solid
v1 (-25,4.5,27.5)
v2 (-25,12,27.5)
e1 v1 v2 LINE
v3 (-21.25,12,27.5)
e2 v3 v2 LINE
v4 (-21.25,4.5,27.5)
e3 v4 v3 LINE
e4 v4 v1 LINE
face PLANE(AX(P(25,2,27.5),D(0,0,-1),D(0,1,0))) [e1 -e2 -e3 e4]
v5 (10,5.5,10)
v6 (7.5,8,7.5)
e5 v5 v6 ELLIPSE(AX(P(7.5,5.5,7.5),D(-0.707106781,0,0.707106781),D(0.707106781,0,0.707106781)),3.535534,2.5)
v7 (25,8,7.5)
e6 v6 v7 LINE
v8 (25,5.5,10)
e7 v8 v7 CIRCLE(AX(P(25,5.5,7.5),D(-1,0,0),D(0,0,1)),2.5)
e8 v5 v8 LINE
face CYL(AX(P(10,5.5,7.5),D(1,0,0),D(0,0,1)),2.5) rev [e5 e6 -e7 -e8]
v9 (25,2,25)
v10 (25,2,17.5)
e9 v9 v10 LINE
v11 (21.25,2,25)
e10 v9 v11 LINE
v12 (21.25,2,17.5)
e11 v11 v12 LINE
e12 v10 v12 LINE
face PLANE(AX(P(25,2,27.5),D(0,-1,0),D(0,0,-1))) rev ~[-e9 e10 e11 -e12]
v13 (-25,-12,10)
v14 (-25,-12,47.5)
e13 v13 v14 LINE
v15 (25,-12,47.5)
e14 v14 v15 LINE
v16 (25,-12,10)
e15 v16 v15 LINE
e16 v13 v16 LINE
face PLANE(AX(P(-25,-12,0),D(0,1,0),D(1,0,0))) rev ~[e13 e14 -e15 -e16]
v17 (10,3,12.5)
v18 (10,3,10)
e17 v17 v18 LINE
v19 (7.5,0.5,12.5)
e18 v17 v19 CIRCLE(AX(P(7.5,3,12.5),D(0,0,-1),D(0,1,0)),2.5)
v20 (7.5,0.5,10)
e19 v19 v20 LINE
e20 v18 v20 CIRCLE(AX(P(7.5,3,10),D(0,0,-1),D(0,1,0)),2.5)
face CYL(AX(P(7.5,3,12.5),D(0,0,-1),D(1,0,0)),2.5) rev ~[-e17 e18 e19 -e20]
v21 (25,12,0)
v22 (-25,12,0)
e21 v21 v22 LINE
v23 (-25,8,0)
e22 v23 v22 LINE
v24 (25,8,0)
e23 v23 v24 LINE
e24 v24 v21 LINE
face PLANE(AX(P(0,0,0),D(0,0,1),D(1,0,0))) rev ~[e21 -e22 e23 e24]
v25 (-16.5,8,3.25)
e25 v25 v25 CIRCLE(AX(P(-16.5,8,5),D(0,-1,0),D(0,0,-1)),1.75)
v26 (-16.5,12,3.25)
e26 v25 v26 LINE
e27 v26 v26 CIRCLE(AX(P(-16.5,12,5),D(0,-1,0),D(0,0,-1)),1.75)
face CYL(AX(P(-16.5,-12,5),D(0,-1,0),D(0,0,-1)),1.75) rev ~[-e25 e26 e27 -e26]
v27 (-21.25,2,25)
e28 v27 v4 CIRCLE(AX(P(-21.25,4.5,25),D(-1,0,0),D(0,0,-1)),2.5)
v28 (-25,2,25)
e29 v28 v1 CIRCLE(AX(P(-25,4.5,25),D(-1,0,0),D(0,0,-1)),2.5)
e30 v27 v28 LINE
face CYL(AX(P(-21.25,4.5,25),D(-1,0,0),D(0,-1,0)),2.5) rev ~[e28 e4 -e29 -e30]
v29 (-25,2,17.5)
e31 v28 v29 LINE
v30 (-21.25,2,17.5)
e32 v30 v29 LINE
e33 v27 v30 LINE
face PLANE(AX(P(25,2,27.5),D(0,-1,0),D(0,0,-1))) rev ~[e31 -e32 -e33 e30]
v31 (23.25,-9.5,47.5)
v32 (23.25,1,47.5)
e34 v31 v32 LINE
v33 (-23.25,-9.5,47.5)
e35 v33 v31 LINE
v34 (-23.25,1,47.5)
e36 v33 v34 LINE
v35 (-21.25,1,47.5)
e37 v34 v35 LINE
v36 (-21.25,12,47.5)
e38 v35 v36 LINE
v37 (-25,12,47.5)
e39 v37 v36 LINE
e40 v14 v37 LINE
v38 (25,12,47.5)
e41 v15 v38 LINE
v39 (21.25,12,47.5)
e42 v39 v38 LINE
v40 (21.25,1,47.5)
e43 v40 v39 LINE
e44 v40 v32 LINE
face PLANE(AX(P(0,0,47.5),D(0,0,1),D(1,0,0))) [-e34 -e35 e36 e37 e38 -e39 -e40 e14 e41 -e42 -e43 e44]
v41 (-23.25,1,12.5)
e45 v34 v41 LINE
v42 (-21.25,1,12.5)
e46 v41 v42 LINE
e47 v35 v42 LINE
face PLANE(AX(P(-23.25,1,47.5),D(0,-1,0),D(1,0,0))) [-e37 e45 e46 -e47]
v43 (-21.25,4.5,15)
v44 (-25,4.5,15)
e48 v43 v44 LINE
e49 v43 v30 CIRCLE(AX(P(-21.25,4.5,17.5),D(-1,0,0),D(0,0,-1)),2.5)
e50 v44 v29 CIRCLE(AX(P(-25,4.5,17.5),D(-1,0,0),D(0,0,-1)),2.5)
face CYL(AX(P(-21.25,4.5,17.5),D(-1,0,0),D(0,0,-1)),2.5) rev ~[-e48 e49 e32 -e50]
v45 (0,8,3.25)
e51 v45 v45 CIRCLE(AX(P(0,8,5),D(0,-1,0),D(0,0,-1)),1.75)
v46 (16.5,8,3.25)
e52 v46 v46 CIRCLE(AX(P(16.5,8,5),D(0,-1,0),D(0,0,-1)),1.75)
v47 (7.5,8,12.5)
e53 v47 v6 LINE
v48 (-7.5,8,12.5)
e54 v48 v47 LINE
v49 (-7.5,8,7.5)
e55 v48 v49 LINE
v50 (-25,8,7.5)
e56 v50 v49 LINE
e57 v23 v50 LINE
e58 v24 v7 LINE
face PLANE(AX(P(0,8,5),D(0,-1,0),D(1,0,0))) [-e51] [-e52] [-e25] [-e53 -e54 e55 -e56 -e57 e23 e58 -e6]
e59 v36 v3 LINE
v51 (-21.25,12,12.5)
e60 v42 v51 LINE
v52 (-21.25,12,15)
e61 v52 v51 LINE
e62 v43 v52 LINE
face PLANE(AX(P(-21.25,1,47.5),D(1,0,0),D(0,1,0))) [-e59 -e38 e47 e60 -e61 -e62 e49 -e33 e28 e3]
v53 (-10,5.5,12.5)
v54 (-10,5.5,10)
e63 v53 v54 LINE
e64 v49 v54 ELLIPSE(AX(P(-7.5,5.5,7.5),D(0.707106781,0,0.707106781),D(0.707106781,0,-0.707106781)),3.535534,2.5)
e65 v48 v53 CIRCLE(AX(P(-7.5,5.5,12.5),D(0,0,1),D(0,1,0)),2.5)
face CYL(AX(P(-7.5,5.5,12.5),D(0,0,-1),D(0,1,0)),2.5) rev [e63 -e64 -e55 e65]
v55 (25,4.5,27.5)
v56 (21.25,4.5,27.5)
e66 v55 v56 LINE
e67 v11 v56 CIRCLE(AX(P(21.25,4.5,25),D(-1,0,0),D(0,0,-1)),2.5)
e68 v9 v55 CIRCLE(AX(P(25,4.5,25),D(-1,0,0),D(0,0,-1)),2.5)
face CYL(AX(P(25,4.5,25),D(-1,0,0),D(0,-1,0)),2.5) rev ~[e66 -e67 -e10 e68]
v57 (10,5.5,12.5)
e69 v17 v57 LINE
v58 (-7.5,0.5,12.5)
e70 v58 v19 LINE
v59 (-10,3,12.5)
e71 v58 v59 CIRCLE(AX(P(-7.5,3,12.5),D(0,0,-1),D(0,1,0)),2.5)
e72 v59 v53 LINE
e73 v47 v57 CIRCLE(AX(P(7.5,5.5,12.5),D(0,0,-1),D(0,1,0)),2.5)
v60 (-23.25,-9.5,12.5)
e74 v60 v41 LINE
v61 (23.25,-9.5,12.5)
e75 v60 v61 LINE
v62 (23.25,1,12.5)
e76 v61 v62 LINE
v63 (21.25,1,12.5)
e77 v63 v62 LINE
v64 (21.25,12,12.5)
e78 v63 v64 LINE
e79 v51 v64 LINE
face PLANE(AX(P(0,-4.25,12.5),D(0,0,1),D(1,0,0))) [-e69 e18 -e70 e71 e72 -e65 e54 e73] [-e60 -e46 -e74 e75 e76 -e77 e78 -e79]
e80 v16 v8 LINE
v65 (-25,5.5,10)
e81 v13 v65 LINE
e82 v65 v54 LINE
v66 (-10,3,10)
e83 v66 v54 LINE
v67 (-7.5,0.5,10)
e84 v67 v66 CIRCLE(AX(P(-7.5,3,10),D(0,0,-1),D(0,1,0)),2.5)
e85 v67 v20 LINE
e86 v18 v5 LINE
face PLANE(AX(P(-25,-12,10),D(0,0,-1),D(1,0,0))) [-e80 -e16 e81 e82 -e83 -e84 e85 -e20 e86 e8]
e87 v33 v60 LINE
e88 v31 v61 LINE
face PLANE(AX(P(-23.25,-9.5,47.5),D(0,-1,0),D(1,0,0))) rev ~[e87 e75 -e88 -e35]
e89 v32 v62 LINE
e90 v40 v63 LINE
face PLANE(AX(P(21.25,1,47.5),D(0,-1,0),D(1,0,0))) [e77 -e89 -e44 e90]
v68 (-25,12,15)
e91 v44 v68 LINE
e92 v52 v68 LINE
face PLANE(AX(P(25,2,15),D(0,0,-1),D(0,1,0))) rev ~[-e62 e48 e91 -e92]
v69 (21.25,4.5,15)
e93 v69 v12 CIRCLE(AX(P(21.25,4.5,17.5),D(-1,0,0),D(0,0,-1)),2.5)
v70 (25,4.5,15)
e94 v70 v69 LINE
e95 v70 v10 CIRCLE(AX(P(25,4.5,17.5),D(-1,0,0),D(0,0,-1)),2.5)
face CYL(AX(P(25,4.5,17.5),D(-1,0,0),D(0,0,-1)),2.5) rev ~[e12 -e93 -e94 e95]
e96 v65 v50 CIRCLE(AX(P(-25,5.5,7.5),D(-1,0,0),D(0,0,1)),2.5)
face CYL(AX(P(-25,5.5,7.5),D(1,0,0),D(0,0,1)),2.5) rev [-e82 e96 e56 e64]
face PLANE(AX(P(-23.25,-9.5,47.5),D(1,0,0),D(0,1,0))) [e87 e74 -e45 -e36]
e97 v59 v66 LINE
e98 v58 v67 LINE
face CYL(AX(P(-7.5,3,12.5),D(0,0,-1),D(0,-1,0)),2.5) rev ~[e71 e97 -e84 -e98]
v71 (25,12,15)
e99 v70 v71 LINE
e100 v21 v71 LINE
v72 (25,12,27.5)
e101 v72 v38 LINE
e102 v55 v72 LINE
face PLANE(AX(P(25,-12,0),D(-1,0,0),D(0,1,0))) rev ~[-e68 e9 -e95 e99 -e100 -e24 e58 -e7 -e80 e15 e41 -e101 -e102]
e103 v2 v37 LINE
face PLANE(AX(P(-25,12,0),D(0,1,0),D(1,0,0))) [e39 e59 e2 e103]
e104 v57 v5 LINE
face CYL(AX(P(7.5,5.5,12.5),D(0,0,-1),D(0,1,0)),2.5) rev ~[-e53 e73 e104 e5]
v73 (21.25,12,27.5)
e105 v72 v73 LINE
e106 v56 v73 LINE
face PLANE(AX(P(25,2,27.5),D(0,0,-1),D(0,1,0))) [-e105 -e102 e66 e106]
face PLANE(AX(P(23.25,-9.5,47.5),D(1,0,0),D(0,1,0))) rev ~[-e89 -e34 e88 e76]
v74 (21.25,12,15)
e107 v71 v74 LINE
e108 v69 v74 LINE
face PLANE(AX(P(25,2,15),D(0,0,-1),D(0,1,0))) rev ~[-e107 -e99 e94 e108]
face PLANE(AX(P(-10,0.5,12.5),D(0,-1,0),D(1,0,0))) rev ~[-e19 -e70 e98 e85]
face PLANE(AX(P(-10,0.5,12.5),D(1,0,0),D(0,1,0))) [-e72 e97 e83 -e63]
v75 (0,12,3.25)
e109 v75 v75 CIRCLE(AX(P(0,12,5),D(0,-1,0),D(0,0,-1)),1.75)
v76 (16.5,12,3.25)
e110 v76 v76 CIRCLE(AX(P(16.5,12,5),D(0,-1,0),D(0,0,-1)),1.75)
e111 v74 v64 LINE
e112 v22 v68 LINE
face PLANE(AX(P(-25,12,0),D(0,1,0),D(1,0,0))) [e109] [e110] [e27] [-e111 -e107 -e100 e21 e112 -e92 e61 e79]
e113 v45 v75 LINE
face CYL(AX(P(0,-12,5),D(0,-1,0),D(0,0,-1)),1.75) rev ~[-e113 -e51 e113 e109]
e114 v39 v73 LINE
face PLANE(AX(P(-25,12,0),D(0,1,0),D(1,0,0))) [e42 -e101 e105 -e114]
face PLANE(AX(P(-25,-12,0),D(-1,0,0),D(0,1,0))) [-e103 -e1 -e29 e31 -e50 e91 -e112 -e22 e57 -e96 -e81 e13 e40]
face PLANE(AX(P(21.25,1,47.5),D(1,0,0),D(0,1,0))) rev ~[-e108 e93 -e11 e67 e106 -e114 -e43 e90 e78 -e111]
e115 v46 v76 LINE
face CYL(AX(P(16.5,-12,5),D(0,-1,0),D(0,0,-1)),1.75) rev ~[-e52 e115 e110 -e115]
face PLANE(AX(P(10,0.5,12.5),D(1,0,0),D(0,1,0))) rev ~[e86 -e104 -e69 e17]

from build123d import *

# Parameters (mm, degrees)
SKETCH2_W           = 50
SKETCH2_H           = 24
SKETCH2_W_2         = 46.5
SKETCH2_H_2         = 10.5
SKETCH2_W_3         = 42.5
SKETCH2_H_3         = 11
BOSS_EXTRUDE1_DEPTH = 47.5
CUT_EXTRUDE1_START  = 47.5
SKETCH2_3_W         = 46.5
SKETCH2_3_H         = 10.5
SKETCH2_3_W_2       = 42.5
SKETCH2_3_H_2       = 11
CUT_EXTRUDE1_DEPTH  = 35
SKETCH3_W           = 50
SKETCH3_H           = 10
SKETCH3_R           = 1.75
CUT_EXTRUDE2_DEPTH  = 20
SKETCH3_3_R         = 1.75
CUT_EXTRUDE3_DEPTH  = 24
CUT_EXTRUDE4_REACH  = 72.002
SKETCH4_W           = 12.5
SKETCH4_H           = 10
SKETCH5_W           = 20
SKETCH5_H           = 7.5
CUT_EXTRUDE5_DEPTH  = 2.5
FILLET1_R           = 2.5


with BuildPart() as part:
    # Sketch2 → Boss-Extrude1 (new body)
    # profile 1 of 3: a face of its own
    with BuildSketch(Plane.XY):
        Rectangle(SKETCH2_W, SKETCH2_H)
        with Locations((0, -4.25)):
            Rectangle(SKETCH2_W_2, SKETCH2_H_2, mode=Mode.SUBTRACT)
    # profile 2 of 3: a face of its own
    with BuildSketch(Plane.XY):
        with Locations((0, -4.25)):
            Rectangle(SKETCH2_W_2, SKETCH2_H_2)
    # profile 3 of 3: a face of its own
    with BuildSketch(Plane.XY):
        with Locations((0, 6.5)):
            Rectangle(SKETCH2_W_3, SKETCH2_H_3)
    extrude(amount=BOSS_EXTRUDE1_DEPTH)

    # Sketch2<3> → Cut-Extrude1 (cut)
    with BuildSketch(Plane.XY.offset(CUT_EXTRUDE1_START)):
        with Locations((0, -4.25)):
            Rectangle(SKETCH2_3_W, SKETCH2_3_H)
        with Locations((0, 6.5)):
            Rectangle(SKETCH2_3_W_2, SKETCH2_3_H_2)
    extrude(amount=-CUT_EXTRUDE1_DEPTH, mode=Mode.SUBTRACT)

    # Sketch3 → Cut-Extrude2 (cut)
    # profile 1 of 4: a face of its own
    with BuildSketch(Plane.XZ.offset(12)):
        with Locations((0, 5)):
            Rectangle(SKETCH3_W, SKETCH3_H)
        with Locations((-16.5, 5)):
            Circle(SKETCH3_R, mode=Mode.SUBTRACT)
        with Locations((0, 5)):
            Circle(SKETCH3_R, mode=Mode.SUBTRACT)
        with Locations((16.5, 5)):
            Circle(SKETCH3_R, mode=Mode.SUBTRACT)
    # profile 2 of 4: a face of its own
    with BuildSketch(Plane.XZ.offset(12)):
        with Locations((-16.5, 5)):
            Circle(SKETCH3_R)
    # profile 3 of 4: a face of its own
    with BuildSketch(Plane.XZ.offset(12)):
        with Locations((0, 5)):
            Circle(SKETCH3_R)
    # profile 4 of 4: a face of its own
    with BuildSketch(Plane.XZ.offset(12)):
        with Locations((16.5, 5)):
            Circle(SKETCH3_R)
    extrude(amount=-CUT_EXTRUDE2_DEPTH, mode=Mode.SUBTRACT)

    # Sketch3<3> → Cut-Extrude3 (cut)
    with BuildSketch(Plane.XZ.offset(12)):
        with Locations(Location((-16.5, 5, 0), (0, 0, 270))):
            Circle(SKETCH3_3_R)
        with Locations(Location((0, 5, 0), (0, 0, 270))):
            Circle(SKETCH3_3_R)
        with Locations(Location((16.5, 5, 0), (0, 0, 270))):
            Circle(SKETCH3_3_R)
    extrude(amount=-CUT_EXTRUDE3_DEPTH, mode=Mode.SUBTRACT)

    # Cut-Extrude4: up to this face of the body (flat: up to its plane)
    cut_extrude4_end = Plane(part.part.faces().sort_by_distance((-25, 0.425531915, 27.739361702))[0])
    # Sketch4 → Cut-Extrude4 (cut, up to the picked face)
    with BuildSketch(Plane(origin=(25, 0, 0), x_dir=(0, 0, -1), z_dir=(1, 0, 0)), mode=Mode.PRIVATE) as cut_extrude4_sk1:
        with Locations((-21.25, 7)):
            Rectangle(SKETCH4_W, SKETCH4_H)
    cut_extrude4_tool1 = split(extrude(cut_extrude4_sk1.sketch, amount=-CUT_EXTRUDE4_REACH, mode=Mode.PRIVATE), bisect_by=cut_extrude4_end, keep=Keep.BOTH, mode=Mode.PRIVATE)
    add(cut_extrude4_tool1.solids().sort_by(Axis((25, 7, 21.25), (-1, 0, 0)))[0], mode=Mode.SUBTRACT)

    # Sketch5 → Cut-Extrude5 (cut)
    with BuildSketch(Plane.XY.offset(12.5)):
        with Locations((0, 4.25)):
            Rectangle(SKETCH5_W, SKETCH5_H)
    extrude(amount=-CUT_EXTRUDE5_DEPTH, mode=Mode.SUBTRACT)

    # Fillet1
    fillet1_edges = [part.edges().sort_by_distance(p)[0] for p in [
        (-23.125, 2, 15),
        (-23.125, 2, 27.5),
        (23.125, 2, 15),
        (23.125, 2, 27.5),
        (17.5, 8, 10),
        (-10, 8, 11.25),
        (10, 8, 11.25),
        (10, 0.5, 11.25),
        (-10, 0.5, 11.25),
        (-17.5, 8, 10),
    ]]
    fillet(fillet1_edges, radius=FILLET1_R)


solid = part.part
